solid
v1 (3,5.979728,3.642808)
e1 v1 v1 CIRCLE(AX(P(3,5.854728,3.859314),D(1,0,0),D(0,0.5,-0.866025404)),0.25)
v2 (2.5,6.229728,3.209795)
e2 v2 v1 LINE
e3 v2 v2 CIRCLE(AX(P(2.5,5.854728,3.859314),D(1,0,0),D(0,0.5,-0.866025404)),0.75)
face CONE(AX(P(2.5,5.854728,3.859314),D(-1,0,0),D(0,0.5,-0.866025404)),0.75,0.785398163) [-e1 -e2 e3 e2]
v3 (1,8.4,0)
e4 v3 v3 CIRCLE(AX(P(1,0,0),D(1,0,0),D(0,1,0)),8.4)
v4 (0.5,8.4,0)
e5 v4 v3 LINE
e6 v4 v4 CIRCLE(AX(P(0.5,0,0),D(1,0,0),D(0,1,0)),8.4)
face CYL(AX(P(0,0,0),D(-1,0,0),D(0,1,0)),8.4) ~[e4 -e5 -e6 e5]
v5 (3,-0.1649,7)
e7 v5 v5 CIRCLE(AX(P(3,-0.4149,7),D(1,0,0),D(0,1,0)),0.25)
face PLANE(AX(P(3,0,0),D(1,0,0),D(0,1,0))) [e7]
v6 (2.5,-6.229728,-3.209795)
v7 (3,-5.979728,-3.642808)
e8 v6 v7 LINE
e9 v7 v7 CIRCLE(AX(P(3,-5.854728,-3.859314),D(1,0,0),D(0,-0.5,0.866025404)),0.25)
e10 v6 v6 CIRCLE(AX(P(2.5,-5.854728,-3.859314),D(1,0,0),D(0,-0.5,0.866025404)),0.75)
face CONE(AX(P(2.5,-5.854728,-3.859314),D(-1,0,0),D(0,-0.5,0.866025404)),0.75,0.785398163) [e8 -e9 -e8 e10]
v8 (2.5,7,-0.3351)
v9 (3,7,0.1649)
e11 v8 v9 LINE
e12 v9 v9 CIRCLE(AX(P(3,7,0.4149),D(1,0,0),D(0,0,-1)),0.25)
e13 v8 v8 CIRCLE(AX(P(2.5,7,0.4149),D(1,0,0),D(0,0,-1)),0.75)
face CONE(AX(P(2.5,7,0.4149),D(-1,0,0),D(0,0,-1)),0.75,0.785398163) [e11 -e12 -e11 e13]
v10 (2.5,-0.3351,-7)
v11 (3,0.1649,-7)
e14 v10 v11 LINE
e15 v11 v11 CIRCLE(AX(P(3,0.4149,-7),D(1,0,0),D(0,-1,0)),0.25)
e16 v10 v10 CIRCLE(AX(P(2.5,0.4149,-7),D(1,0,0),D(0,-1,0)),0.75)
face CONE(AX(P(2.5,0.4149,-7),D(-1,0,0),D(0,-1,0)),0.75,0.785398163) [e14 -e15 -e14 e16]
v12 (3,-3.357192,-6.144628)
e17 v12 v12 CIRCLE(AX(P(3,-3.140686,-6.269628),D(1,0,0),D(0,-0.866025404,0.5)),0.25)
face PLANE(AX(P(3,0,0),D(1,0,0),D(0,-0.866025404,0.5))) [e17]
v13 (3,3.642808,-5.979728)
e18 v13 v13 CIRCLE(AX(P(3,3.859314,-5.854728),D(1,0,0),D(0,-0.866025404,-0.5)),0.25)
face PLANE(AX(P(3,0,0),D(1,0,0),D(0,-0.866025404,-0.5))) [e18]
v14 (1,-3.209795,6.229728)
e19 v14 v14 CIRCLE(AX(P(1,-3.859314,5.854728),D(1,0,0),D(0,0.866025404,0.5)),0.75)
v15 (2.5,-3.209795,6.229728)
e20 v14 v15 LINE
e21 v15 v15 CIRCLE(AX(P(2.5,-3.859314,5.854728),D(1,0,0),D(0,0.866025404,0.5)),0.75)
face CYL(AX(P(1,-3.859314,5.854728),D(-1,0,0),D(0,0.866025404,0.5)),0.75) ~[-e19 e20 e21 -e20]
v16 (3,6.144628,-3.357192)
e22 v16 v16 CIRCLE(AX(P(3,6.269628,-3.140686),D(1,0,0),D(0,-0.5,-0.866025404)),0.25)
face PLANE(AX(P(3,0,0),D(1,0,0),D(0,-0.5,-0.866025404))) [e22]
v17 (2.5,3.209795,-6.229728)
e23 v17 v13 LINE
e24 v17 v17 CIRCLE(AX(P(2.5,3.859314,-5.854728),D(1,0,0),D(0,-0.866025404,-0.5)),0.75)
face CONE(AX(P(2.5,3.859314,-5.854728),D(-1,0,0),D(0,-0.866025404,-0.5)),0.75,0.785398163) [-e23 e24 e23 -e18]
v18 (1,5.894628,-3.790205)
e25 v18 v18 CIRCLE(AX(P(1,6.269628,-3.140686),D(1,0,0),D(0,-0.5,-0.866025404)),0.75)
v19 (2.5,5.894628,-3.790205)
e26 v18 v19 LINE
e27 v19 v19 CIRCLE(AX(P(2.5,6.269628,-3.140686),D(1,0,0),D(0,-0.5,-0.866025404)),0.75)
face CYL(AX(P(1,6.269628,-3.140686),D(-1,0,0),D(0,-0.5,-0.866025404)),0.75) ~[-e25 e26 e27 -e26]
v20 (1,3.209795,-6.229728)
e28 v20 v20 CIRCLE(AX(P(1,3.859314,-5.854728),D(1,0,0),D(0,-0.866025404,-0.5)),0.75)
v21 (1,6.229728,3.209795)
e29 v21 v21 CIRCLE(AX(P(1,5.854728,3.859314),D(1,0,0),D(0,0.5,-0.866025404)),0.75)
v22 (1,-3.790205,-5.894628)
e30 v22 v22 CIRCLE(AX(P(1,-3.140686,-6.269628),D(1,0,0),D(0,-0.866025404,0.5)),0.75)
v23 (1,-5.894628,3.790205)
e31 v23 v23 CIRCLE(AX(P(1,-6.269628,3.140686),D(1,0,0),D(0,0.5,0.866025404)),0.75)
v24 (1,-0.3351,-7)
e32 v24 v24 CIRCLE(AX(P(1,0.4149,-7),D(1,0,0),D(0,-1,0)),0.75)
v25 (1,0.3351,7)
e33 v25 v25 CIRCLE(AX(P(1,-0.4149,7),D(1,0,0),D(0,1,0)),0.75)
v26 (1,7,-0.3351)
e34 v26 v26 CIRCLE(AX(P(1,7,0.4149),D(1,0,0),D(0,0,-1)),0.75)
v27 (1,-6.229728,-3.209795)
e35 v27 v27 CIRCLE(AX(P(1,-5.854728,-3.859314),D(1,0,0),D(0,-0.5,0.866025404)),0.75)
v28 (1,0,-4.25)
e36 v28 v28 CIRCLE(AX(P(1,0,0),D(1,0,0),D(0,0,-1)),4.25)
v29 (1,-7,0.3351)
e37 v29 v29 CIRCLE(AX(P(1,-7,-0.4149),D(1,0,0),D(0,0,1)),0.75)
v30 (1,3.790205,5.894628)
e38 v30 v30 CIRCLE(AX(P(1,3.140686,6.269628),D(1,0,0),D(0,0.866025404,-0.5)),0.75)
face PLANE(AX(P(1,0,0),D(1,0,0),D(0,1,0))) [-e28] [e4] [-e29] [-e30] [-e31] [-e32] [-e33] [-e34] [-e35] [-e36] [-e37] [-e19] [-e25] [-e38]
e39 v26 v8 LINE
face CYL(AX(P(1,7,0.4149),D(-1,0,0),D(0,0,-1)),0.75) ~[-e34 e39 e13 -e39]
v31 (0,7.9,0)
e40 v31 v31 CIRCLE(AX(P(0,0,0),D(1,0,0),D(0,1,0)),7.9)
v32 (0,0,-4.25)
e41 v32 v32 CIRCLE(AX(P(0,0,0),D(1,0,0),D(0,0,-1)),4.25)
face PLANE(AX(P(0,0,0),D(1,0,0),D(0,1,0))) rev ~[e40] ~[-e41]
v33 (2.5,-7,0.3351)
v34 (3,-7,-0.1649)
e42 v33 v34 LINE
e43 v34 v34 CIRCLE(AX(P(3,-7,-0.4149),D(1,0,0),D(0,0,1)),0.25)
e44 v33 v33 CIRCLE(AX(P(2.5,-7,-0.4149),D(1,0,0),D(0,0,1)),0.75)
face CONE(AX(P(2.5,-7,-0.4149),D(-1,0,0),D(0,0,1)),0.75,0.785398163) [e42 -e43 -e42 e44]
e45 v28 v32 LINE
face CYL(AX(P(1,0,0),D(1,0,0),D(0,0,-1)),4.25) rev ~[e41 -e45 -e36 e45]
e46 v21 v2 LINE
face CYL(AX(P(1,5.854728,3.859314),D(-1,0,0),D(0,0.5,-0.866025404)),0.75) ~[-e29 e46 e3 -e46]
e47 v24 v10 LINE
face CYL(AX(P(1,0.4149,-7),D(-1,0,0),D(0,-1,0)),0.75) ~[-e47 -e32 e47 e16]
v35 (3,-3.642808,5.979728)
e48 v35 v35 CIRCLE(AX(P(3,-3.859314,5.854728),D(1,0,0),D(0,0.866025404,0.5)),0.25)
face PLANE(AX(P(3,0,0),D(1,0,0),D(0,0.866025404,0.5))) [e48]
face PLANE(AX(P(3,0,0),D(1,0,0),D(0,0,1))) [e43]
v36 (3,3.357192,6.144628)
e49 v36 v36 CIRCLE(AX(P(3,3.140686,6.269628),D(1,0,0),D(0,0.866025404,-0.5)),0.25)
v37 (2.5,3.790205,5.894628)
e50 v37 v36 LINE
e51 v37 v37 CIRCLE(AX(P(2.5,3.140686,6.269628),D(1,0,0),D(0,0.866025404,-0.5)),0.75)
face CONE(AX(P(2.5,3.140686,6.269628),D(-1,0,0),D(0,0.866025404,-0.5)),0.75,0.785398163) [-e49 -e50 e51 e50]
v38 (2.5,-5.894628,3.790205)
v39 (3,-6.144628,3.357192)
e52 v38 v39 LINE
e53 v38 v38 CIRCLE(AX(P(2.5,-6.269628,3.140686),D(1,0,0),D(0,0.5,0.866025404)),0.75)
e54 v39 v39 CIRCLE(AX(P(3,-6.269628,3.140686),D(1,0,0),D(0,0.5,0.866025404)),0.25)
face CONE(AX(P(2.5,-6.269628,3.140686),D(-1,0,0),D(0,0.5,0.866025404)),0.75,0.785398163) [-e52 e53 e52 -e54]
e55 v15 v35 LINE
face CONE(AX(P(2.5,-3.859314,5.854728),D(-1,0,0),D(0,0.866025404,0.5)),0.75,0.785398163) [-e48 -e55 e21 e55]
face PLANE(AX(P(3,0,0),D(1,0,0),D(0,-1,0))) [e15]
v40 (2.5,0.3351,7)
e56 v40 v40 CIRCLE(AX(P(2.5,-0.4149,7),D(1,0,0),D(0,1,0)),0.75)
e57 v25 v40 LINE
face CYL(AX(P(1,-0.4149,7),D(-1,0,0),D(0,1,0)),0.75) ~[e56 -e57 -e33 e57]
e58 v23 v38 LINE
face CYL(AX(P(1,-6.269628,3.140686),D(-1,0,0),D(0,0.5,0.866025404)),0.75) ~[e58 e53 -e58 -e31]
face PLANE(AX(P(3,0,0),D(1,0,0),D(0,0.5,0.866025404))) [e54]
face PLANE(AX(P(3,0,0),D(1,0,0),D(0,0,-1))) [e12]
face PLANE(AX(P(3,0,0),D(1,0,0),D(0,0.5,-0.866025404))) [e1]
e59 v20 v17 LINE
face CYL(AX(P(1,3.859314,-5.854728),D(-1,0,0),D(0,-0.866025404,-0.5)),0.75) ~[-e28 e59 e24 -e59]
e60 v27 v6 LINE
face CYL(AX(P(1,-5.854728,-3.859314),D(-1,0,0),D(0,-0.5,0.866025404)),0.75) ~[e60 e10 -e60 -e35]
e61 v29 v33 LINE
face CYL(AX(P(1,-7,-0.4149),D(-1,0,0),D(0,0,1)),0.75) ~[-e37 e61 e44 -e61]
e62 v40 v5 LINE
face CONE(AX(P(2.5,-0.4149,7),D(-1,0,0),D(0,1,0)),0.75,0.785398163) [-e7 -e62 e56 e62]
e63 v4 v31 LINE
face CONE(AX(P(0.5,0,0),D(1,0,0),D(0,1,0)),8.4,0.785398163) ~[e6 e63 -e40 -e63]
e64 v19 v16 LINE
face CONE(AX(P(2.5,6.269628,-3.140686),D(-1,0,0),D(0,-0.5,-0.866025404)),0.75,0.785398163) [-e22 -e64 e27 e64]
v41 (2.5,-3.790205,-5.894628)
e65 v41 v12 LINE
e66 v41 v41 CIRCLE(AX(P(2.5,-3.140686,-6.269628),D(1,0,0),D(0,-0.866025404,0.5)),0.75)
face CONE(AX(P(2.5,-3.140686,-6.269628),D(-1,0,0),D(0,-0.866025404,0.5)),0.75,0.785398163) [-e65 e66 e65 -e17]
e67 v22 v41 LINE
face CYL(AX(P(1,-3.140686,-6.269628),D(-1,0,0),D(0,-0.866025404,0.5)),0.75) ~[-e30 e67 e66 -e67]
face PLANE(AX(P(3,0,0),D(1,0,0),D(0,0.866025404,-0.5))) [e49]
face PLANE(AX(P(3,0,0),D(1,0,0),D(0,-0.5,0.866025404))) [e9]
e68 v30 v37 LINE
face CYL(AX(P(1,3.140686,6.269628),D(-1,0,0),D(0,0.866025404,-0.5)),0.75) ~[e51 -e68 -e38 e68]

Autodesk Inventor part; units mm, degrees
ref_plane "YZ Plane" through (0, 0, 0) normal (1, 0, 0) x (0, 1, 0)
ref_plane "XZ Plane" through (0, 0, 0) normal (0, 1, 0) x (-1, 0, 0)
ref_plane "XY Plane" through (0, 0, 0) normal (0, 0, 1) x (1, 0, 0)
sketch "Skizze1" plane through (0, 0, 0) normal (0, 0, 1) x (1, 0, 0)
  point P0 (0, 0)
sketch "Skizze2" plane through (0, 0, 0) normal (1, 0, 0) x (0, 1, 0)
  circle A0 centre (0, 0) radius 8.4
  dimension "d0" = 16.8
extrude "Extrusion1" add sketch "Skizze2" along normal blind 1
sketch "Skizze3" plane through (1, 0, 0) normal (1, 0, 0) x (0, 0, -1)
  circle A0 centre (0, 0) radius 8.4 projected
  circle A1 centre (-0.4149, 7) radius 0.75
  dimension "d3" = 1.5
  dimension "d4" = 7
extrude "Extrusion2" add sketch "Skizze3" along normal blind 2 contours A1
chamfer "Fase1" distance 0.5 angle 45 1 edges at (3, 7, 1.1649)
pattern_circular "Runde Anordnung1" count 12 over 360 about axis through (0, 0, 0) along (1, 0, 0) of "Extrusion2", "Fase1"
sketch "Skizze4" plane through (1, 0, 0) normal (1, 0, 0) x (0, 0, -1)
  circle A0 centre (0, 0) radius 8.4 projected
  circle A1 centre (0, 0) radius 4.25
  dimension "d16" = 8.5
extrude "Extrusion3" cut sketch "Skizze4" against normal up to next contours A1
chamfer "Fase3" distance 0.5 angle 45 1 edges at (0, -8.4, 0)
properties part number "Servoscheibenflansch"
